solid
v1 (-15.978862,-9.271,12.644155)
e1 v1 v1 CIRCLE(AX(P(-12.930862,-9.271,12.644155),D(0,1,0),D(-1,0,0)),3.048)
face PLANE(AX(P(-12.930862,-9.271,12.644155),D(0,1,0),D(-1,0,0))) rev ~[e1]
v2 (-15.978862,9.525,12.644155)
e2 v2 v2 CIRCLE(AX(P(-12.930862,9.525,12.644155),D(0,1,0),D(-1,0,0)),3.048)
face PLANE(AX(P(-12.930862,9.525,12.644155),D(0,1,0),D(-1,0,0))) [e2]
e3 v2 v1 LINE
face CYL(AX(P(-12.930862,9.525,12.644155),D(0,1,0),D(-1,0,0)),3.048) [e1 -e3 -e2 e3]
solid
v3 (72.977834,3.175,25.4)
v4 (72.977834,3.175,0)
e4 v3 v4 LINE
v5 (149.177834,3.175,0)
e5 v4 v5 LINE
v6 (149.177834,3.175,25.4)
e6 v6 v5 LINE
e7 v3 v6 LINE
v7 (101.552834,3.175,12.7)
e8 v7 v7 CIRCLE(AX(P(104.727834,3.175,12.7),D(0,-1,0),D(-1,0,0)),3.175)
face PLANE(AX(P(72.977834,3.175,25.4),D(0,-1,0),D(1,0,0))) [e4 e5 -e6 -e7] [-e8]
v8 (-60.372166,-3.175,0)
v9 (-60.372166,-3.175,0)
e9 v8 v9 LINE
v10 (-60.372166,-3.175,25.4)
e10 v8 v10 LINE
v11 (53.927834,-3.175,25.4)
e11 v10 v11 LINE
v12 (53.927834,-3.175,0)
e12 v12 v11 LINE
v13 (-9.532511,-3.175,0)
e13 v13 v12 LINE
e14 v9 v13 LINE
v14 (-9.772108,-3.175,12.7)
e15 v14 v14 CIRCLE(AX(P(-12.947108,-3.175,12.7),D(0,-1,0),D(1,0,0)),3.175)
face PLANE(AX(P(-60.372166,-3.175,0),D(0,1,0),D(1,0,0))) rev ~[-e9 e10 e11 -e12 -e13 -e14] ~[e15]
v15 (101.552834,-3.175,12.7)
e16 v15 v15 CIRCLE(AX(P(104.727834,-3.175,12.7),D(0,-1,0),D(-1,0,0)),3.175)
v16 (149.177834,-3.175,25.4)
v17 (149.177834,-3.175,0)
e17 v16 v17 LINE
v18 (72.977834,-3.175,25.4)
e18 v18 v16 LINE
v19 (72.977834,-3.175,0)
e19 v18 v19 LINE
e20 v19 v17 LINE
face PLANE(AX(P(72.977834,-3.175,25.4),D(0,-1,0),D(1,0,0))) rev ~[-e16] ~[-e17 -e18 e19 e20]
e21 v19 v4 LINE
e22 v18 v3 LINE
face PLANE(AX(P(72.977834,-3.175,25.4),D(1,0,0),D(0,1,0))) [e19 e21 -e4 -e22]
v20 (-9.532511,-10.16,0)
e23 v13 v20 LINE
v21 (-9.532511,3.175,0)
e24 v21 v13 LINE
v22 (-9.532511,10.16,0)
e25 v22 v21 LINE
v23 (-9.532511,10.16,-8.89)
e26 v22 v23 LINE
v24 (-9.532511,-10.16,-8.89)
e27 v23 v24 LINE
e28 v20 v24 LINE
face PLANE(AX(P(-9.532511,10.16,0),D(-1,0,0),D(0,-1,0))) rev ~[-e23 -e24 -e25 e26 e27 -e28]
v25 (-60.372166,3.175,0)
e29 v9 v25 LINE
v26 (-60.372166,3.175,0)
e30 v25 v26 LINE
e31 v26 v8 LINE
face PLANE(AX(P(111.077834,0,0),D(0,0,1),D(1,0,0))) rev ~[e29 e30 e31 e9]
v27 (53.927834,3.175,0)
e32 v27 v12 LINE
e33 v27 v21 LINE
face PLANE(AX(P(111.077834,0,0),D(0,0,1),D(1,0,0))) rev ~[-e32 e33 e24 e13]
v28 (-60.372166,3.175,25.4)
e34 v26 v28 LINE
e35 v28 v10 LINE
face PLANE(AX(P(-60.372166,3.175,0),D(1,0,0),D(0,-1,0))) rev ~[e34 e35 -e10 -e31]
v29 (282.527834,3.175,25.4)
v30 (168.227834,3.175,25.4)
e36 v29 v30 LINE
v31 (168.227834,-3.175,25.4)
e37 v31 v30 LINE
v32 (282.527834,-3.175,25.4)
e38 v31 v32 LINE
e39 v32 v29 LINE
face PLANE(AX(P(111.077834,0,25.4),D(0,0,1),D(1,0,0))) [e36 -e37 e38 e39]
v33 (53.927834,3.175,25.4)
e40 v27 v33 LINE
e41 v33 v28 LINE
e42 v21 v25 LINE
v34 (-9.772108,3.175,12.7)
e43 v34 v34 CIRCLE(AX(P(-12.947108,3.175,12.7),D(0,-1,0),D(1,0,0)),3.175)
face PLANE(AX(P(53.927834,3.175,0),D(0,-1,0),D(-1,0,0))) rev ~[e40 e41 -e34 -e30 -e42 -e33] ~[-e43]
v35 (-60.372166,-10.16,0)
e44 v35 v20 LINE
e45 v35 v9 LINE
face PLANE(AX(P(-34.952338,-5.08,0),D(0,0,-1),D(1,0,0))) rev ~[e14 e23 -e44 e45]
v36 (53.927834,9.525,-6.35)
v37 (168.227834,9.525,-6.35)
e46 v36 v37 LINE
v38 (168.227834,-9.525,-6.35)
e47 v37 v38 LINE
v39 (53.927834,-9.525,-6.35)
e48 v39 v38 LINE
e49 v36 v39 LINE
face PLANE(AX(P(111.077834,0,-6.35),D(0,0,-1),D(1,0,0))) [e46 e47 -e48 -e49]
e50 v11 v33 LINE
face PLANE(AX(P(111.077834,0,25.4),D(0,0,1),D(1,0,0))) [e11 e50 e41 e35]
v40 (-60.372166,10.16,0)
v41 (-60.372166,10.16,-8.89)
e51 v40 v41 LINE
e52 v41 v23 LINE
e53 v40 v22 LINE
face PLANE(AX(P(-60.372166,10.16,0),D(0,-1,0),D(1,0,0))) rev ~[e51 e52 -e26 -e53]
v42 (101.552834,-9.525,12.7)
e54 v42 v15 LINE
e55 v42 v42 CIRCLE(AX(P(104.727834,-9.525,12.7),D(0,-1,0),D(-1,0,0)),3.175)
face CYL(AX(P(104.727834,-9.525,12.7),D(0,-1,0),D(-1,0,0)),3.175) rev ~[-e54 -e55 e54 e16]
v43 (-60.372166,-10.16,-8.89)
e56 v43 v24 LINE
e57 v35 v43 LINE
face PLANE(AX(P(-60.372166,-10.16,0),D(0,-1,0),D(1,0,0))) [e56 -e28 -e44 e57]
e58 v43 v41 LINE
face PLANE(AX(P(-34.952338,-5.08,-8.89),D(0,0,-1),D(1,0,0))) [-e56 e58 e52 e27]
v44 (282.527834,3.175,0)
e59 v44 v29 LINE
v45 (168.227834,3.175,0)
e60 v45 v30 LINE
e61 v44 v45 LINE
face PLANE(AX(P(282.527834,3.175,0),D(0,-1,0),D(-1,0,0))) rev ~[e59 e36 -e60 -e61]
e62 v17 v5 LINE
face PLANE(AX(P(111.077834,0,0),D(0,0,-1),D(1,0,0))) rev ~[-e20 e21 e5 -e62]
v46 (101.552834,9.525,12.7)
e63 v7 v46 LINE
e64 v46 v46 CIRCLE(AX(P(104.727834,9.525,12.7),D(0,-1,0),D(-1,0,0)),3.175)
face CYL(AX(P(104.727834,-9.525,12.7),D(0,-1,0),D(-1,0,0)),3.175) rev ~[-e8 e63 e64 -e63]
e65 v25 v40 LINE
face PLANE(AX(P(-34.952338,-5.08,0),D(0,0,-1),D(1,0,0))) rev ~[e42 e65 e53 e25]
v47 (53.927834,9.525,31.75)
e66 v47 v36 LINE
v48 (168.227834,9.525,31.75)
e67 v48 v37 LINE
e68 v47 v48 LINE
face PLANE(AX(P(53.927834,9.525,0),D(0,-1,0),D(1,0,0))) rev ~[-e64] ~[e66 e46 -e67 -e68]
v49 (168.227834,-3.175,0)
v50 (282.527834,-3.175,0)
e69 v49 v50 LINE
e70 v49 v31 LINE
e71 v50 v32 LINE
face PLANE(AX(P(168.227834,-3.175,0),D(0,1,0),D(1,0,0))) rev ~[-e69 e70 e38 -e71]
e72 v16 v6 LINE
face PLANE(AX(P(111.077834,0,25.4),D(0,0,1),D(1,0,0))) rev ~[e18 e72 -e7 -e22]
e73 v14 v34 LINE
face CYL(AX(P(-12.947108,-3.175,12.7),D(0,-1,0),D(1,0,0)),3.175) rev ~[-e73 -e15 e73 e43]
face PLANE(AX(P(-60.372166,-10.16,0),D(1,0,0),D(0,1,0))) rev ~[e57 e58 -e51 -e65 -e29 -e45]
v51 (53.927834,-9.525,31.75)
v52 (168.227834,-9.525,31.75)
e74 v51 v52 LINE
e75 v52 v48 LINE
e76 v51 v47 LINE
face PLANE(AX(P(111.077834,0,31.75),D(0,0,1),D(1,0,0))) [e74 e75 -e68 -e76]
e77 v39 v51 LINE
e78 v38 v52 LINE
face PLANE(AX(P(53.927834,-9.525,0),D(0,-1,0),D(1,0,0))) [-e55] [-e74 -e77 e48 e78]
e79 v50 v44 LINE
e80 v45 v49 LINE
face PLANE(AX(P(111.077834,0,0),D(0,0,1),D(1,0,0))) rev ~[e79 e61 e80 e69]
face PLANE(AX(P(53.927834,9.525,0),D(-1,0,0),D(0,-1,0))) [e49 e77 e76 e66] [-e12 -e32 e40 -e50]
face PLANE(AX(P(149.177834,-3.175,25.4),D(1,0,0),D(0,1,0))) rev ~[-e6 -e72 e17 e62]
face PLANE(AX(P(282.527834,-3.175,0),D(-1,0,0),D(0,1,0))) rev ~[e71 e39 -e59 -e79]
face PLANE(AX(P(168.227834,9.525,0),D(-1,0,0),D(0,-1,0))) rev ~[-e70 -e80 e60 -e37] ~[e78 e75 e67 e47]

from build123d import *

# Parameters (mm, degrees)
F1_DEPTH  = 25.4
F2_W      = 76.2
F2_H      = 6.35
F3_DEPTH  = 25.4
F5_DEPTH  = 25.4
F6_W      = 114.3
F6_H      = 19.05
F7_DEPTH  = 6.35
F8_W      = 114.3
F8_H      = 19.05
F9_DEPTH  = 6.35
F10_R     = 3.175
F11_DEPTH = 25.4
F12_W     = 50.839655
F12_H     = 10.16
F13_DEPTH = 8.89
F14_R     = 3.048
F15_DEPTH = 18.796


with BuildPart() as f1:
    # F0 (on Top) → F1 (new body)
    with BuildSketch(Plane.XY):
        Polygon((-60.372166, 3.175), (-60.372166, 0), (-60.372166, -3.175), (53.927834, -3.175), (53.927834, -9.525), (168.227834, -9.525), (168.227834, -3.175), (282.527834, -3.175), (282.527834, 3.175), (168.227834, 3.175), (168.227834, 9.525), (53.927834, 9.525), (53.927834, 3.175), align=None)
    extrude(amount=F1_DEPTH)

    # F2 (on face) → F3 (cut)
    with BuildSketch(Plane.XY.offset(25.4)):
        with Locations((111.077834, 0)):
            Rectangle(F2_W, F2_H)
    extrude(amount=-F3_DEPTH, mode=Mode.SUBTRACT)

    # F4 (on face) → F5 (cut)
    with BuildSketch(Plane.XZ.offset(9.525)):
        with BuildLine():
            ThreePointArc((107.902834, 12.7), (104.727834, 15.875), (101.552834, 12.7))
            ThreePointArc((101.552834, 12.7), (104.727834, 9.525), (107.902834, 12.7))
        make_face()
    extrude(amount=-F5_DEPTH, mode=Mode.SUBTRACT)

    # F6 (on face) → F7 (join)
    with BuildSketch(Plane.XY.offset(25.4)):
        with Locations((111.077834, 0)):
            Rectangle(F6_W, F6_H)
    extrude(amount=F7_DEPTH)

    # F8 (on face) → F9 (join)
    with BuildSketch(Plane(origin=(0, 0, 0), x_dir=(1, 0, 0), z_dir=(0, 0, -1))):
        with Locations((111.077834, 0)):
            Rectangle(F8_W, F8_H)
    extrude(amount=F9_DEPTH)

    # F10 (on face) → F11 (cut)
    with BuildSketch(Plane.XZ.offset(3.175)):
        with Locations((-12.947108, 12.7)):
            Circle(F10_R)
    extrude(amount=-F11_DEPTH, mode=Mode.SUBTRACT)

    # F12 (on face) → F13 (join)
    with BuildSketch(Plane(origin=(0, 0, 0), x_dir=(1, 0, 0), z_dir=(0, 0, -1))):
        with Locations((-34.952338, 5.08)):
            Rectangle(F12_W, F12_H)
        with Locations((-34.952338, -5.08)):
            Rectangle(F12_W, F12_H)
    extrude(amount=F13_DEPTH)


with BuildPart() as f15:
    # F14 (on face) → F15 (new body)
    with BuildSketch(Plane(origin=(0, 9.525, 0), x_dir=(-1, 0, 0), z_dir=(0, 1, 0))):
        with Locations((12.930862, 12.644155)):
            Circle(F14_R)
    extrude(amount=-F15_DEPTH)


solid = Compound([f1.part, f15.part])
